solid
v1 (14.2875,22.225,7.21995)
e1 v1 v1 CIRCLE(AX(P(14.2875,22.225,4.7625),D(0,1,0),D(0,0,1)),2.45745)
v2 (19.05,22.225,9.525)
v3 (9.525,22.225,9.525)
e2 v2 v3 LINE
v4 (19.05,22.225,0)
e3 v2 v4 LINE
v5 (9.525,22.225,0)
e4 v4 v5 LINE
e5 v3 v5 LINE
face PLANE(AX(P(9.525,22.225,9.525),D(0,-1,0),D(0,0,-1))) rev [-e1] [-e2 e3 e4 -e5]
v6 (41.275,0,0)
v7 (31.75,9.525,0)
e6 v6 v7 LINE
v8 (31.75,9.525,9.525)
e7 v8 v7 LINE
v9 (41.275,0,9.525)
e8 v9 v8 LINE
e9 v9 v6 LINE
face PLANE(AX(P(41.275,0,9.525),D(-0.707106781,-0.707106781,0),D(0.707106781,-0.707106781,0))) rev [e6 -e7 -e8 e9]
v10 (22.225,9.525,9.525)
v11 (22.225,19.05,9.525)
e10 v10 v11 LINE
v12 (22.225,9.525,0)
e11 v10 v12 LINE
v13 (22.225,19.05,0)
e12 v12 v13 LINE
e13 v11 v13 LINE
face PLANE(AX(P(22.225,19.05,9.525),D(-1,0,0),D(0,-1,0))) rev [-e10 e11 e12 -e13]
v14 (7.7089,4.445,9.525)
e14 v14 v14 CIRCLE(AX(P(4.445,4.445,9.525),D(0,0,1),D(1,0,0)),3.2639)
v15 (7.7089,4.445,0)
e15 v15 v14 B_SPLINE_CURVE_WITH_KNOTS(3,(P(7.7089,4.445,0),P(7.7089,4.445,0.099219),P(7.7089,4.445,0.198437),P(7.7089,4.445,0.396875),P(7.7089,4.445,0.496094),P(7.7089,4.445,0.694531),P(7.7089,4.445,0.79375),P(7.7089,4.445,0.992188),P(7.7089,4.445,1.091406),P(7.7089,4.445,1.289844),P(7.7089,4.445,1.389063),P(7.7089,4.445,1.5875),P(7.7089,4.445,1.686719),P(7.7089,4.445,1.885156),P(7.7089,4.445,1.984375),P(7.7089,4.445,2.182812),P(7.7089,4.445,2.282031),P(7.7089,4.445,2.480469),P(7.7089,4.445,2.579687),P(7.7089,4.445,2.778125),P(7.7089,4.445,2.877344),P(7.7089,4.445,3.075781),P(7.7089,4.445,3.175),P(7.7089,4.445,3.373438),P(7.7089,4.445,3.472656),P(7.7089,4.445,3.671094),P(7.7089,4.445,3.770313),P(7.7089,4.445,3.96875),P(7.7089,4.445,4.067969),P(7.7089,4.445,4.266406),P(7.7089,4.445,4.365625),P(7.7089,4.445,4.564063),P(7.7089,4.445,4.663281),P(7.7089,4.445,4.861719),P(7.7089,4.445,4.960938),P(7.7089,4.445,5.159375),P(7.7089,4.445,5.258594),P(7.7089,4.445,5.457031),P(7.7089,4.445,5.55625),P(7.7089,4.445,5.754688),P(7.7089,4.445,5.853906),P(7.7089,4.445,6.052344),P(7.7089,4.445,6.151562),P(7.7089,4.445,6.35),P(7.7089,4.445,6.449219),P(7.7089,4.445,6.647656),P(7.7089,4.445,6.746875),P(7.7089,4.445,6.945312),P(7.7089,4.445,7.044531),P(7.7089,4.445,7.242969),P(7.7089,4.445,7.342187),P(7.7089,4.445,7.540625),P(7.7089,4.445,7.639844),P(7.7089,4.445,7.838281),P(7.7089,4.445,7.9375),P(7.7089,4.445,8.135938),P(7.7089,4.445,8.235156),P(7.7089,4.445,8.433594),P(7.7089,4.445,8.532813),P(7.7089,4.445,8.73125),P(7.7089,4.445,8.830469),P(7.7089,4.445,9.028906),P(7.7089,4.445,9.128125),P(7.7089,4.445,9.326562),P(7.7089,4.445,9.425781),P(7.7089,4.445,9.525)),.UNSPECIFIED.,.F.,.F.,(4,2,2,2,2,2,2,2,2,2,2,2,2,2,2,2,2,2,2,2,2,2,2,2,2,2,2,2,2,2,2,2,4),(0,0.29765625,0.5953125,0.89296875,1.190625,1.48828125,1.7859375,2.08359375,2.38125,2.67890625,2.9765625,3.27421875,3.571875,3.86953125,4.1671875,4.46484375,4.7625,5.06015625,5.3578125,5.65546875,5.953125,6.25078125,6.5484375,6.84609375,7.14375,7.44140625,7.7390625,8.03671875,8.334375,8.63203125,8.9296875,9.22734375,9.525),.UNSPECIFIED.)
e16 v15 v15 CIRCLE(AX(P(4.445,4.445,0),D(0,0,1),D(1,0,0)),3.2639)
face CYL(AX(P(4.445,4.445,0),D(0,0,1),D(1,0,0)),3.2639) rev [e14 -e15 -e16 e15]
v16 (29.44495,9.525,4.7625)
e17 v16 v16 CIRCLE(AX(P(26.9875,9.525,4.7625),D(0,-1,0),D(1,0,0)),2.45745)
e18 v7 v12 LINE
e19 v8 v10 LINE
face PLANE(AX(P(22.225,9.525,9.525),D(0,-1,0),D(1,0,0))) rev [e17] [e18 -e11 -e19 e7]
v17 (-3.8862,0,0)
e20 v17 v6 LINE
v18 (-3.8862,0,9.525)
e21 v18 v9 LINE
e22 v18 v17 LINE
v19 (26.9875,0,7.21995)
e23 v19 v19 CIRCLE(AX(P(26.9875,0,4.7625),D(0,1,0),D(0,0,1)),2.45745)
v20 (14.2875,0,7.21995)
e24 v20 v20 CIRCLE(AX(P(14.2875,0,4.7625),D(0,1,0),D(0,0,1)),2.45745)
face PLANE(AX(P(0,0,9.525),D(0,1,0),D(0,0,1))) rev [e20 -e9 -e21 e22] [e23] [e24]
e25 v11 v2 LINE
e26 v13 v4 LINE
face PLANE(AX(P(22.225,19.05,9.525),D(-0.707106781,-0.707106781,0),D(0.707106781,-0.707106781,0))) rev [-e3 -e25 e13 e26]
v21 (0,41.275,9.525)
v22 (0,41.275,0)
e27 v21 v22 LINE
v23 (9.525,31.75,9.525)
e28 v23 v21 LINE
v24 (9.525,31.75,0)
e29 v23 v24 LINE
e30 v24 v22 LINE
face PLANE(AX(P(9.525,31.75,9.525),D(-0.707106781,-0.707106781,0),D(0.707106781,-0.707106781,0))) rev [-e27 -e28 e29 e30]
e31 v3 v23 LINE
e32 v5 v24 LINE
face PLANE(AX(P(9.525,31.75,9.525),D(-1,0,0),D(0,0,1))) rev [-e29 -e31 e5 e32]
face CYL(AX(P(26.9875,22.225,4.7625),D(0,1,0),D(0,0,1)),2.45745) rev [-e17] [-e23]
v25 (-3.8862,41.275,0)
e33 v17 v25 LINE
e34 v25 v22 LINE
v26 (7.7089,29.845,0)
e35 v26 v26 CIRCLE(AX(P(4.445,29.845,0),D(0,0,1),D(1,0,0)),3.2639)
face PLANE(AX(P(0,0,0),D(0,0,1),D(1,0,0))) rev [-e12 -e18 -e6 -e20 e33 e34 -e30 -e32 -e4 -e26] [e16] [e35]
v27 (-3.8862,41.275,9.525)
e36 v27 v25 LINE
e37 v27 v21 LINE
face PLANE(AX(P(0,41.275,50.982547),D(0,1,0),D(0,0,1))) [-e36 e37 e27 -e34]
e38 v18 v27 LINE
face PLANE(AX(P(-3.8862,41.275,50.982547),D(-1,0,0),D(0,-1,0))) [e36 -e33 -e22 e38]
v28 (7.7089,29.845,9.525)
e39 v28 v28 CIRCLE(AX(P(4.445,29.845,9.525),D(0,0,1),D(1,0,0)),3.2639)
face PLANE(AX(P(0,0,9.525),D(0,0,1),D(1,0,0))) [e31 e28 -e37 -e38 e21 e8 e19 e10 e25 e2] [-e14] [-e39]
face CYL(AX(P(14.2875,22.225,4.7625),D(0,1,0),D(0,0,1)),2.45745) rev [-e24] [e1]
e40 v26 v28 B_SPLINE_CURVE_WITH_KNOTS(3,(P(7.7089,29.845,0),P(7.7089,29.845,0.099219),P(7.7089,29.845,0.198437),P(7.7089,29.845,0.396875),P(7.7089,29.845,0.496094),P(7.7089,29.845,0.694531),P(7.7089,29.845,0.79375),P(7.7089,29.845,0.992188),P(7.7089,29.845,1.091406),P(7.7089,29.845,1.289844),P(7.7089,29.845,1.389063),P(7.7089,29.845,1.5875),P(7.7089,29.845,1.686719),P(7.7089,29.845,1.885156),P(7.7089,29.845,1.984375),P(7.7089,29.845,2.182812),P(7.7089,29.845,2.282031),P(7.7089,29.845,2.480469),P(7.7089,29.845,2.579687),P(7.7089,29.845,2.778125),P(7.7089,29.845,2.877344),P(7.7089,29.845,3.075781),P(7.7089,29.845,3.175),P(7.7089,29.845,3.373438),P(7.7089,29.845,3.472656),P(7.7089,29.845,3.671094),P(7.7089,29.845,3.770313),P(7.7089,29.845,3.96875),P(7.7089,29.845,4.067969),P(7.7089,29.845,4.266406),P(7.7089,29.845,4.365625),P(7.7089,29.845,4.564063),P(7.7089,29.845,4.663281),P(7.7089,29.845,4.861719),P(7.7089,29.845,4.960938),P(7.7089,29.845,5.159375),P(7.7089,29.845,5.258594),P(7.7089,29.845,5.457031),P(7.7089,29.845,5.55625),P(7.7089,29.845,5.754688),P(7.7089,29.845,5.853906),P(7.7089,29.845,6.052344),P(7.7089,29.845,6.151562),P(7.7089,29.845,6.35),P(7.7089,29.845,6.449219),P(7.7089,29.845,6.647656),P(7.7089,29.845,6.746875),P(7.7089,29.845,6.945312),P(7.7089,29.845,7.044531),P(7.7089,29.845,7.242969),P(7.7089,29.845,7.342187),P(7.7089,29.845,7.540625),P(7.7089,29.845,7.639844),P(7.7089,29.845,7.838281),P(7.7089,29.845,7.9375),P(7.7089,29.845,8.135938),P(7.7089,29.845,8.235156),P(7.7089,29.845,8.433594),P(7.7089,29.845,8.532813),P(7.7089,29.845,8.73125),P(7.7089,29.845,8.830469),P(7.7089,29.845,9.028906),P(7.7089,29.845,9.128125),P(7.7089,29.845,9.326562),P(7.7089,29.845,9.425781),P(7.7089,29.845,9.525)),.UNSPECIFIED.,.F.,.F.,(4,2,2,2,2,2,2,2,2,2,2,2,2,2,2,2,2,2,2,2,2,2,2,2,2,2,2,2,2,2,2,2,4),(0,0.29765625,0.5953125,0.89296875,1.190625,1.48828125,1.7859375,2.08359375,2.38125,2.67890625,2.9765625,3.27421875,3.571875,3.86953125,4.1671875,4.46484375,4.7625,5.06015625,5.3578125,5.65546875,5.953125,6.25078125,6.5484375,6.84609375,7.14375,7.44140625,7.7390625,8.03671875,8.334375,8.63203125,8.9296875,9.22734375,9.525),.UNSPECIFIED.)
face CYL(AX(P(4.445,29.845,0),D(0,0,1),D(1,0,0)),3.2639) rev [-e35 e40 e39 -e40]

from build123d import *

# Parameters (mm, degrees)
BOSS_EXTRUDE1_DEPTH          = 9.525
SKETCH3_R                    = 3.2639
CUT_EXTRUDE1_DEPTH           = 60.143696832
SKETCH4_W                    = 3.8862
SKETCH4_H                    = 41.275
BOSS_EXTRUDE2_DEPTH          = 9.525
F_10_0_1935_DIAMETER_HOLE1_D = 4.9149


with BuildPart() as part:
    # Sketch2 → Boss-Extrude1 (new body)
    with BuildSketch(Plane.XY):
        Polygon((0, 0), (41.275, 0), (31.75, 9.525), (22.225, 9.525), (22.225, 19.05), (19.05, 22.225), (9.525, 22.225), (9.525, 31.75), (0, 41.275), align=None)
    extrude(amount=BOSS_EXTRUDE1_DEPTH)

    # Sketch3 → Cut-Extrude1 (cut, through all)
    with BuildSketch(Plane.XY.offset(9.525)):
        with Locations((4.445, 29.845)):
            Circle(SKETCH3_R)
        with Locations((4.445, 4.445)):
            Circle(SKETCH3_R)
    extrude(amount=-CUT_EXTRUDE1_DEPTH, mode=Mode.SUBTRACT)

    # Sketch4 → Boss-Extrude2 (add)
    with BuildSketch(Plane(origin=(0, 0, 0), x_dir=(-1, 0, 0), z_dir=(0, 0, -1))):
        with Locations((1.9431, 20.6375)):
            Rectangle(SKETCH4_W, SKETCH4_H)
    extrude(amount=-BOSS_EXTRUDE2_DEPTH)

    # #10 (0.1935) Diameter Hole1 (through all)
    with Locations(Plane(origin=(0, 22.225, 0), x_dir=(1, 0, 0), z_dir=(0, 1, 0))):
        with Locations((14.2875, -4.7625), (26.9875, -4.7625)):
            Hole(F_10_0_1935_DIAMETER_HOLE1_D / 2)


solid = part.part
